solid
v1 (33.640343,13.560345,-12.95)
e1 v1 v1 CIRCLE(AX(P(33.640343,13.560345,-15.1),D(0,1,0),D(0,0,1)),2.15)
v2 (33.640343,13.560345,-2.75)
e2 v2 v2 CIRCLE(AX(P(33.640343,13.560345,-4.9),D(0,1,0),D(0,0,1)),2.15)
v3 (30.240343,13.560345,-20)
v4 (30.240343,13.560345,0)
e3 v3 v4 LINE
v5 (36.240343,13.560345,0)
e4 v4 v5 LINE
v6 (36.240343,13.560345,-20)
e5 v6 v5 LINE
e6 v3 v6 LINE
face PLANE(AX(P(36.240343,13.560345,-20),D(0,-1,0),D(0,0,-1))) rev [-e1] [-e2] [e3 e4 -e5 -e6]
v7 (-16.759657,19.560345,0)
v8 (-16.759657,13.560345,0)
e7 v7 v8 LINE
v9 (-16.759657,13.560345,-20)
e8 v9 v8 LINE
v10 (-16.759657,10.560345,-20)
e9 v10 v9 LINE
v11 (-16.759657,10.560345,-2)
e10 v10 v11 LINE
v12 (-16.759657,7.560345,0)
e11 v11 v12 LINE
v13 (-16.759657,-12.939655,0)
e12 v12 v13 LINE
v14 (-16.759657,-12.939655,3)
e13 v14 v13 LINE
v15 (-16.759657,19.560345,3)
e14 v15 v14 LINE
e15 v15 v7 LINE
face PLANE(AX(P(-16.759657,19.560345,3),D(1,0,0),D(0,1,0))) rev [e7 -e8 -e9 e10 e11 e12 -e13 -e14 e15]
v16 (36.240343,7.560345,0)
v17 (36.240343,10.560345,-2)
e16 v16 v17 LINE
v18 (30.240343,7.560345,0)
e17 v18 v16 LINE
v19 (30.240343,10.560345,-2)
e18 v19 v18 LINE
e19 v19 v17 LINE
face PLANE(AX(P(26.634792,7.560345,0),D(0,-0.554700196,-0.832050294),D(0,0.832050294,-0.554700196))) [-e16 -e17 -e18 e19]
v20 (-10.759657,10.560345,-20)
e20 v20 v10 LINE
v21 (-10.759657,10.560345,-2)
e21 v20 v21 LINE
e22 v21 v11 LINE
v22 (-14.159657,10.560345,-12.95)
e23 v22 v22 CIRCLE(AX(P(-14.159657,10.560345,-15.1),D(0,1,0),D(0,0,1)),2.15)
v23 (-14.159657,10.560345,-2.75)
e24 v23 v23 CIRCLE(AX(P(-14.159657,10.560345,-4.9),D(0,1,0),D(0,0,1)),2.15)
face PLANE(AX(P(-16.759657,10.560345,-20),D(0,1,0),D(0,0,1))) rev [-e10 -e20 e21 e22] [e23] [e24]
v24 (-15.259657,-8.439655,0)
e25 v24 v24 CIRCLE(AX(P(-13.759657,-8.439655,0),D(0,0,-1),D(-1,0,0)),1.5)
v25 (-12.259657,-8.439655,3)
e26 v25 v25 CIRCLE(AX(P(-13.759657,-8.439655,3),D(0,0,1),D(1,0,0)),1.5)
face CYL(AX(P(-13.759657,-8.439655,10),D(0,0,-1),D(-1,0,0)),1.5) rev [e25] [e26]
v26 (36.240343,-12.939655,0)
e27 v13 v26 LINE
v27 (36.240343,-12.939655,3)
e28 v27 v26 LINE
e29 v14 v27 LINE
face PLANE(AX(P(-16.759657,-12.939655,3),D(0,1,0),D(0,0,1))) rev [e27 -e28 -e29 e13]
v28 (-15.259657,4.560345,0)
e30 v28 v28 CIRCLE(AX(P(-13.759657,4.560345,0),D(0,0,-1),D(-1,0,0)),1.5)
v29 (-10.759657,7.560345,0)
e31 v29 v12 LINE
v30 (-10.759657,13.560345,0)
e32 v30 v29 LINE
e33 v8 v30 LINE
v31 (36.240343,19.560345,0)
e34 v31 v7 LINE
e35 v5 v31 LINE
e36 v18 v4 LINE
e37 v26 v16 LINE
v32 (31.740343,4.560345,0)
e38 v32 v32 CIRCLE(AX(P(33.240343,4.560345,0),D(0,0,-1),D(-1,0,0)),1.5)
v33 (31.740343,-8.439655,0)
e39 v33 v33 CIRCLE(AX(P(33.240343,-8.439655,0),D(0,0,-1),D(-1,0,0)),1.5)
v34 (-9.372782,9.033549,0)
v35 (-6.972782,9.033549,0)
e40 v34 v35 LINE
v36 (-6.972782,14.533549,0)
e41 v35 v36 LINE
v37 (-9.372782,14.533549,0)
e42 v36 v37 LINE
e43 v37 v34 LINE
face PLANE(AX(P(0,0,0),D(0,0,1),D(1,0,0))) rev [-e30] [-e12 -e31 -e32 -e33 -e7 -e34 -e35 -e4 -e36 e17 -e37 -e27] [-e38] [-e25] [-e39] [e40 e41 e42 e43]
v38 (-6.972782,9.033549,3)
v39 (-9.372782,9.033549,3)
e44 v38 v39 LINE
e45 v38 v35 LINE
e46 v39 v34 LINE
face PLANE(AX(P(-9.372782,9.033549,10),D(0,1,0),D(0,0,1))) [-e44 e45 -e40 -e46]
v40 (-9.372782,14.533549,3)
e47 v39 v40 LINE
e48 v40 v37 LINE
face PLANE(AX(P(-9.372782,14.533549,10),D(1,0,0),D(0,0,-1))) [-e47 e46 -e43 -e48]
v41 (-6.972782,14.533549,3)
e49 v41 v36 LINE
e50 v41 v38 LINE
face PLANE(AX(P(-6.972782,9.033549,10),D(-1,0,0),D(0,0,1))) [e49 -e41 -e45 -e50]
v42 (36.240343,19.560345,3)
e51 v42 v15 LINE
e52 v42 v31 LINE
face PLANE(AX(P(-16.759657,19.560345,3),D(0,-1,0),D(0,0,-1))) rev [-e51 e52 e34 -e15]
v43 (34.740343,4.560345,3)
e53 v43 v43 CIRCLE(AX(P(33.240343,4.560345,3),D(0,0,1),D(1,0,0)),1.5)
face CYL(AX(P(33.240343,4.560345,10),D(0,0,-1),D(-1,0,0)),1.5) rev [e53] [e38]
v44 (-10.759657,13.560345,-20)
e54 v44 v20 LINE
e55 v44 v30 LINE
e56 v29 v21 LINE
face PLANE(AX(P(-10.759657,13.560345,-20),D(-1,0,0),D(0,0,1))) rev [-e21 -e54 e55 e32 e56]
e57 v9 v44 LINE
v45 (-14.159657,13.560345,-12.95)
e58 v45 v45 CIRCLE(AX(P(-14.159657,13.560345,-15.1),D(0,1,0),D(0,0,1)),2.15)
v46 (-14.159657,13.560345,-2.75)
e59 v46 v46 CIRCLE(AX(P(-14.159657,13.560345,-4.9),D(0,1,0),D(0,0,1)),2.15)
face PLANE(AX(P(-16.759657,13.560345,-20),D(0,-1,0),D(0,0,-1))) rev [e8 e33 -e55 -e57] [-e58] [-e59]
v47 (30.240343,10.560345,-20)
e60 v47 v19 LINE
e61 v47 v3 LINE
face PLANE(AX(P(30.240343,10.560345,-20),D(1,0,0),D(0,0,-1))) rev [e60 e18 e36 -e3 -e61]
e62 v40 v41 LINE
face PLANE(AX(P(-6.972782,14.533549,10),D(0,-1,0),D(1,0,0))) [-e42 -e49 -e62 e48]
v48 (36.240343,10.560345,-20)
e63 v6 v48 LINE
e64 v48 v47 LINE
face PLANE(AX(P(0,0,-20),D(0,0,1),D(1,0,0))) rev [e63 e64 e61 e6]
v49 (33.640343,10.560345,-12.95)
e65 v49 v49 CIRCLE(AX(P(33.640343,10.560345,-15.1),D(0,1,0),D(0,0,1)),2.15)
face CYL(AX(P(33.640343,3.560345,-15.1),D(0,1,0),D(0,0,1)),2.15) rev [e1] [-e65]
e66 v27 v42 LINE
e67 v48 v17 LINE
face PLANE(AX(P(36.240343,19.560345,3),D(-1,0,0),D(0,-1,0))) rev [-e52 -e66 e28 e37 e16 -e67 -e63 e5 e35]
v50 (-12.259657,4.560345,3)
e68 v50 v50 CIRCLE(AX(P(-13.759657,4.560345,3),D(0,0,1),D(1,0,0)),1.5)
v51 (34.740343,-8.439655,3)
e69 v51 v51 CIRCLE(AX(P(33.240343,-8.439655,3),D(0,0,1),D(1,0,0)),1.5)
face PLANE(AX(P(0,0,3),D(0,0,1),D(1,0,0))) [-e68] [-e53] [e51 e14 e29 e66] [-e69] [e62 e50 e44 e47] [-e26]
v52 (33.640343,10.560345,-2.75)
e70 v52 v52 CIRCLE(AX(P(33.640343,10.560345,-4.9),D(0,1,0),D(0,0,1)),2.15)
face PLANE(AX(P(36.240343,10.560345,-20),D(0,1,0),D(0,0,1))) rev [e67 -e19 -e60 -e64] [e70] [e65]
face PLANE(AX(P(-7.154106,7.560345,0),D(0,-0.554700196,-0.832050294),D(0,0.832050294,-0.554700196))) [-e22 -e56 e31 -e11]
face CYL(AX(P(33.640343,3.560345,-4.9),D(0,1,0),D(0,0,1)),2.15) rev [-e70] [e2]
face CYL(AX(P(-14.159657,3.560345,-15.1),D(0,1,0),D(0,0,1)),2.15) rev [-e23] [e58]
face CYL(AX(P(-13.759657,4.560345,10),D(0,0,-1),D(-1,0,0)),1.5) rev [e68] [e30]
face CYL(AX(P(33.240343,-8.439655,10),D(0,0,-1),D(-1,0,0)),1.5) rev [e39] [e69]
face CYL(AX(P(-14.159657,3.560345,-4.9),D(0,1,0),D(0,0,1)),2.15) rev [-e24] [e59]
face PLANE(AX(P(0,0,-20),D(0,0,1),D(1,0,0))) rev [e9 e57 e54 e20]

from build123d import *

# Parameters (mm, degrees)
SKETCH1_W           = 53
SKETCH1_H           = 32.5
BOSS_EXTRUDE1_DEPTH = 3
SKETCH5_W           = 6
SKETCH5_H           = 3
BOSS_EXTRUDE2_DEPTH = 20
SKETCH6_R           = 2.15
CUT_EXTRUDE3_DEPTH  = 10
SKETCH7_W           = 2.4
SKETCH7_H           = 5.5
CUT_EXTRUDE6_DEPTH  = 10
SKETCH8_R           = 1.5
CUT_EXTRUDE7_DEPTH  = 10
BOSS_EXTRUDE3_DEPTH = 6
BOSS_EXTRUDE4_DEPTH = 6


with BuildPart() as part:
    # Sketch1 → Boss-Extrude1 (new body)
    with BuildSketch(Plane.XY):
        with Locations((9.74034322, 3.310344828)):
            Rectangle(SKETCH1_W, SKETCH1_H)
    extrude(amount=BOSS_EXTRUDE1_DEPTH)

    # Sketch5 → Boss-Extrude2 (add)
    with BuildSketch(Plane(origin=(0, 0, 0), x_dir=(-1, 0, 0), z_dir=(0, 0, -1))):
        with Locations((-33.24034322, 12.060344828)):
            Rectangle(SKETCH5_W, SKETCH5_H)
        with Locations((13.75965678, 12.060344828)):
            Rectangle(SKETCH5_W, SKETCH5_H)
    extrude(amount=BOSS_EXTRUDE2_DEPTH)

    # Sketch6 → Cut-Extrude3 (cut)
    with BuildSketch(Plane(origin=(0, 13.560344828, 0), x_dir=(1, 0, 0), z_dir=(0, 1, 0))):
        with Locations(Location((33.64034322, 4.9, 0), (0, 0, 270))):
            Circle(SKETCH6_R)
        with Locations(Location((33.64034322, 15.1, 0), (0, 0, 270))):
            Circle(SKETCH6_R)
        with Locations(Location((-14.15965678, 4.9, 0), (0, 0, 270))):
            Circle(SKETCH6_R)
        with Locations(Location((-14.15965678, 15.1, 0), (0, 0, 270))):
            Circle(SKETCH6_R)
    extrude(amount=-CUT_EXTRUDE3_DEPTH, mode=Mode.SUBTRACT)

    # Sketch7 → Cut-Extrude6 (cut)
    with BuildSketch(Plane(origin=(0, 0, 0), x_dir=(-1, 0, 0), z_dir=(0, 0, -1))):
        with Locations((8.172781941, 11.783549127)):
            Rectangle(SKETCH7_W, SKETCH7_H)
    extrude(amount=-CUT_EXTRUDE6_DEPTH, mode=Mode.SUBTRACT)

    # Sketch8 → Cut-Extrude7 (cut)
    with BuildSketch(Plane(origin=(0, 0, 0), x_dir=(-1, 0, 0), z_dir=(0, 0, -1))):
        with Locations((-33.24034322, 4.560344828)):
            Circle(SKETCH8_R)
        with Locations((-33.24034322, -8.439655172)):
            Circle(SKETCH8_R)
        with Locations((13.75965678, -8.439655172)):
            Circle(SKETCH8_R)
        with Locations((13.75965678, 4.560344828)):
            Circle(SKETCH8_R)
    extrude(amount=-CUT_EXTRUDE7_DEPTH, mode=Mode.SUBTRACT)

    # Sketch9 → Boss-Extrude3 (add)
    with BuildSketch(Plane.ZY.offset(16.75965678)):
        Polygon((-2, 10.560344828), (0, 10.560344828), (0, 7.560344828), align=None)
    extrude(amount=-BOSS_EXTRUDE3_DEPTH)

    # Sketch10 → Boss-Extrude4 (add)
    with BuildSketch(Plane(origin=(36.24034322, 0, 0), x_dir=(0, 0, -1), z_dir=(1, 0, 0))):
        Polygon((2, 10.560344828), (0, 10.560344828), (0, 7.560344828), align=None)
    extrude(amount=-BOSS_EXTRUDE4_DEPTH)


solid = part.part
